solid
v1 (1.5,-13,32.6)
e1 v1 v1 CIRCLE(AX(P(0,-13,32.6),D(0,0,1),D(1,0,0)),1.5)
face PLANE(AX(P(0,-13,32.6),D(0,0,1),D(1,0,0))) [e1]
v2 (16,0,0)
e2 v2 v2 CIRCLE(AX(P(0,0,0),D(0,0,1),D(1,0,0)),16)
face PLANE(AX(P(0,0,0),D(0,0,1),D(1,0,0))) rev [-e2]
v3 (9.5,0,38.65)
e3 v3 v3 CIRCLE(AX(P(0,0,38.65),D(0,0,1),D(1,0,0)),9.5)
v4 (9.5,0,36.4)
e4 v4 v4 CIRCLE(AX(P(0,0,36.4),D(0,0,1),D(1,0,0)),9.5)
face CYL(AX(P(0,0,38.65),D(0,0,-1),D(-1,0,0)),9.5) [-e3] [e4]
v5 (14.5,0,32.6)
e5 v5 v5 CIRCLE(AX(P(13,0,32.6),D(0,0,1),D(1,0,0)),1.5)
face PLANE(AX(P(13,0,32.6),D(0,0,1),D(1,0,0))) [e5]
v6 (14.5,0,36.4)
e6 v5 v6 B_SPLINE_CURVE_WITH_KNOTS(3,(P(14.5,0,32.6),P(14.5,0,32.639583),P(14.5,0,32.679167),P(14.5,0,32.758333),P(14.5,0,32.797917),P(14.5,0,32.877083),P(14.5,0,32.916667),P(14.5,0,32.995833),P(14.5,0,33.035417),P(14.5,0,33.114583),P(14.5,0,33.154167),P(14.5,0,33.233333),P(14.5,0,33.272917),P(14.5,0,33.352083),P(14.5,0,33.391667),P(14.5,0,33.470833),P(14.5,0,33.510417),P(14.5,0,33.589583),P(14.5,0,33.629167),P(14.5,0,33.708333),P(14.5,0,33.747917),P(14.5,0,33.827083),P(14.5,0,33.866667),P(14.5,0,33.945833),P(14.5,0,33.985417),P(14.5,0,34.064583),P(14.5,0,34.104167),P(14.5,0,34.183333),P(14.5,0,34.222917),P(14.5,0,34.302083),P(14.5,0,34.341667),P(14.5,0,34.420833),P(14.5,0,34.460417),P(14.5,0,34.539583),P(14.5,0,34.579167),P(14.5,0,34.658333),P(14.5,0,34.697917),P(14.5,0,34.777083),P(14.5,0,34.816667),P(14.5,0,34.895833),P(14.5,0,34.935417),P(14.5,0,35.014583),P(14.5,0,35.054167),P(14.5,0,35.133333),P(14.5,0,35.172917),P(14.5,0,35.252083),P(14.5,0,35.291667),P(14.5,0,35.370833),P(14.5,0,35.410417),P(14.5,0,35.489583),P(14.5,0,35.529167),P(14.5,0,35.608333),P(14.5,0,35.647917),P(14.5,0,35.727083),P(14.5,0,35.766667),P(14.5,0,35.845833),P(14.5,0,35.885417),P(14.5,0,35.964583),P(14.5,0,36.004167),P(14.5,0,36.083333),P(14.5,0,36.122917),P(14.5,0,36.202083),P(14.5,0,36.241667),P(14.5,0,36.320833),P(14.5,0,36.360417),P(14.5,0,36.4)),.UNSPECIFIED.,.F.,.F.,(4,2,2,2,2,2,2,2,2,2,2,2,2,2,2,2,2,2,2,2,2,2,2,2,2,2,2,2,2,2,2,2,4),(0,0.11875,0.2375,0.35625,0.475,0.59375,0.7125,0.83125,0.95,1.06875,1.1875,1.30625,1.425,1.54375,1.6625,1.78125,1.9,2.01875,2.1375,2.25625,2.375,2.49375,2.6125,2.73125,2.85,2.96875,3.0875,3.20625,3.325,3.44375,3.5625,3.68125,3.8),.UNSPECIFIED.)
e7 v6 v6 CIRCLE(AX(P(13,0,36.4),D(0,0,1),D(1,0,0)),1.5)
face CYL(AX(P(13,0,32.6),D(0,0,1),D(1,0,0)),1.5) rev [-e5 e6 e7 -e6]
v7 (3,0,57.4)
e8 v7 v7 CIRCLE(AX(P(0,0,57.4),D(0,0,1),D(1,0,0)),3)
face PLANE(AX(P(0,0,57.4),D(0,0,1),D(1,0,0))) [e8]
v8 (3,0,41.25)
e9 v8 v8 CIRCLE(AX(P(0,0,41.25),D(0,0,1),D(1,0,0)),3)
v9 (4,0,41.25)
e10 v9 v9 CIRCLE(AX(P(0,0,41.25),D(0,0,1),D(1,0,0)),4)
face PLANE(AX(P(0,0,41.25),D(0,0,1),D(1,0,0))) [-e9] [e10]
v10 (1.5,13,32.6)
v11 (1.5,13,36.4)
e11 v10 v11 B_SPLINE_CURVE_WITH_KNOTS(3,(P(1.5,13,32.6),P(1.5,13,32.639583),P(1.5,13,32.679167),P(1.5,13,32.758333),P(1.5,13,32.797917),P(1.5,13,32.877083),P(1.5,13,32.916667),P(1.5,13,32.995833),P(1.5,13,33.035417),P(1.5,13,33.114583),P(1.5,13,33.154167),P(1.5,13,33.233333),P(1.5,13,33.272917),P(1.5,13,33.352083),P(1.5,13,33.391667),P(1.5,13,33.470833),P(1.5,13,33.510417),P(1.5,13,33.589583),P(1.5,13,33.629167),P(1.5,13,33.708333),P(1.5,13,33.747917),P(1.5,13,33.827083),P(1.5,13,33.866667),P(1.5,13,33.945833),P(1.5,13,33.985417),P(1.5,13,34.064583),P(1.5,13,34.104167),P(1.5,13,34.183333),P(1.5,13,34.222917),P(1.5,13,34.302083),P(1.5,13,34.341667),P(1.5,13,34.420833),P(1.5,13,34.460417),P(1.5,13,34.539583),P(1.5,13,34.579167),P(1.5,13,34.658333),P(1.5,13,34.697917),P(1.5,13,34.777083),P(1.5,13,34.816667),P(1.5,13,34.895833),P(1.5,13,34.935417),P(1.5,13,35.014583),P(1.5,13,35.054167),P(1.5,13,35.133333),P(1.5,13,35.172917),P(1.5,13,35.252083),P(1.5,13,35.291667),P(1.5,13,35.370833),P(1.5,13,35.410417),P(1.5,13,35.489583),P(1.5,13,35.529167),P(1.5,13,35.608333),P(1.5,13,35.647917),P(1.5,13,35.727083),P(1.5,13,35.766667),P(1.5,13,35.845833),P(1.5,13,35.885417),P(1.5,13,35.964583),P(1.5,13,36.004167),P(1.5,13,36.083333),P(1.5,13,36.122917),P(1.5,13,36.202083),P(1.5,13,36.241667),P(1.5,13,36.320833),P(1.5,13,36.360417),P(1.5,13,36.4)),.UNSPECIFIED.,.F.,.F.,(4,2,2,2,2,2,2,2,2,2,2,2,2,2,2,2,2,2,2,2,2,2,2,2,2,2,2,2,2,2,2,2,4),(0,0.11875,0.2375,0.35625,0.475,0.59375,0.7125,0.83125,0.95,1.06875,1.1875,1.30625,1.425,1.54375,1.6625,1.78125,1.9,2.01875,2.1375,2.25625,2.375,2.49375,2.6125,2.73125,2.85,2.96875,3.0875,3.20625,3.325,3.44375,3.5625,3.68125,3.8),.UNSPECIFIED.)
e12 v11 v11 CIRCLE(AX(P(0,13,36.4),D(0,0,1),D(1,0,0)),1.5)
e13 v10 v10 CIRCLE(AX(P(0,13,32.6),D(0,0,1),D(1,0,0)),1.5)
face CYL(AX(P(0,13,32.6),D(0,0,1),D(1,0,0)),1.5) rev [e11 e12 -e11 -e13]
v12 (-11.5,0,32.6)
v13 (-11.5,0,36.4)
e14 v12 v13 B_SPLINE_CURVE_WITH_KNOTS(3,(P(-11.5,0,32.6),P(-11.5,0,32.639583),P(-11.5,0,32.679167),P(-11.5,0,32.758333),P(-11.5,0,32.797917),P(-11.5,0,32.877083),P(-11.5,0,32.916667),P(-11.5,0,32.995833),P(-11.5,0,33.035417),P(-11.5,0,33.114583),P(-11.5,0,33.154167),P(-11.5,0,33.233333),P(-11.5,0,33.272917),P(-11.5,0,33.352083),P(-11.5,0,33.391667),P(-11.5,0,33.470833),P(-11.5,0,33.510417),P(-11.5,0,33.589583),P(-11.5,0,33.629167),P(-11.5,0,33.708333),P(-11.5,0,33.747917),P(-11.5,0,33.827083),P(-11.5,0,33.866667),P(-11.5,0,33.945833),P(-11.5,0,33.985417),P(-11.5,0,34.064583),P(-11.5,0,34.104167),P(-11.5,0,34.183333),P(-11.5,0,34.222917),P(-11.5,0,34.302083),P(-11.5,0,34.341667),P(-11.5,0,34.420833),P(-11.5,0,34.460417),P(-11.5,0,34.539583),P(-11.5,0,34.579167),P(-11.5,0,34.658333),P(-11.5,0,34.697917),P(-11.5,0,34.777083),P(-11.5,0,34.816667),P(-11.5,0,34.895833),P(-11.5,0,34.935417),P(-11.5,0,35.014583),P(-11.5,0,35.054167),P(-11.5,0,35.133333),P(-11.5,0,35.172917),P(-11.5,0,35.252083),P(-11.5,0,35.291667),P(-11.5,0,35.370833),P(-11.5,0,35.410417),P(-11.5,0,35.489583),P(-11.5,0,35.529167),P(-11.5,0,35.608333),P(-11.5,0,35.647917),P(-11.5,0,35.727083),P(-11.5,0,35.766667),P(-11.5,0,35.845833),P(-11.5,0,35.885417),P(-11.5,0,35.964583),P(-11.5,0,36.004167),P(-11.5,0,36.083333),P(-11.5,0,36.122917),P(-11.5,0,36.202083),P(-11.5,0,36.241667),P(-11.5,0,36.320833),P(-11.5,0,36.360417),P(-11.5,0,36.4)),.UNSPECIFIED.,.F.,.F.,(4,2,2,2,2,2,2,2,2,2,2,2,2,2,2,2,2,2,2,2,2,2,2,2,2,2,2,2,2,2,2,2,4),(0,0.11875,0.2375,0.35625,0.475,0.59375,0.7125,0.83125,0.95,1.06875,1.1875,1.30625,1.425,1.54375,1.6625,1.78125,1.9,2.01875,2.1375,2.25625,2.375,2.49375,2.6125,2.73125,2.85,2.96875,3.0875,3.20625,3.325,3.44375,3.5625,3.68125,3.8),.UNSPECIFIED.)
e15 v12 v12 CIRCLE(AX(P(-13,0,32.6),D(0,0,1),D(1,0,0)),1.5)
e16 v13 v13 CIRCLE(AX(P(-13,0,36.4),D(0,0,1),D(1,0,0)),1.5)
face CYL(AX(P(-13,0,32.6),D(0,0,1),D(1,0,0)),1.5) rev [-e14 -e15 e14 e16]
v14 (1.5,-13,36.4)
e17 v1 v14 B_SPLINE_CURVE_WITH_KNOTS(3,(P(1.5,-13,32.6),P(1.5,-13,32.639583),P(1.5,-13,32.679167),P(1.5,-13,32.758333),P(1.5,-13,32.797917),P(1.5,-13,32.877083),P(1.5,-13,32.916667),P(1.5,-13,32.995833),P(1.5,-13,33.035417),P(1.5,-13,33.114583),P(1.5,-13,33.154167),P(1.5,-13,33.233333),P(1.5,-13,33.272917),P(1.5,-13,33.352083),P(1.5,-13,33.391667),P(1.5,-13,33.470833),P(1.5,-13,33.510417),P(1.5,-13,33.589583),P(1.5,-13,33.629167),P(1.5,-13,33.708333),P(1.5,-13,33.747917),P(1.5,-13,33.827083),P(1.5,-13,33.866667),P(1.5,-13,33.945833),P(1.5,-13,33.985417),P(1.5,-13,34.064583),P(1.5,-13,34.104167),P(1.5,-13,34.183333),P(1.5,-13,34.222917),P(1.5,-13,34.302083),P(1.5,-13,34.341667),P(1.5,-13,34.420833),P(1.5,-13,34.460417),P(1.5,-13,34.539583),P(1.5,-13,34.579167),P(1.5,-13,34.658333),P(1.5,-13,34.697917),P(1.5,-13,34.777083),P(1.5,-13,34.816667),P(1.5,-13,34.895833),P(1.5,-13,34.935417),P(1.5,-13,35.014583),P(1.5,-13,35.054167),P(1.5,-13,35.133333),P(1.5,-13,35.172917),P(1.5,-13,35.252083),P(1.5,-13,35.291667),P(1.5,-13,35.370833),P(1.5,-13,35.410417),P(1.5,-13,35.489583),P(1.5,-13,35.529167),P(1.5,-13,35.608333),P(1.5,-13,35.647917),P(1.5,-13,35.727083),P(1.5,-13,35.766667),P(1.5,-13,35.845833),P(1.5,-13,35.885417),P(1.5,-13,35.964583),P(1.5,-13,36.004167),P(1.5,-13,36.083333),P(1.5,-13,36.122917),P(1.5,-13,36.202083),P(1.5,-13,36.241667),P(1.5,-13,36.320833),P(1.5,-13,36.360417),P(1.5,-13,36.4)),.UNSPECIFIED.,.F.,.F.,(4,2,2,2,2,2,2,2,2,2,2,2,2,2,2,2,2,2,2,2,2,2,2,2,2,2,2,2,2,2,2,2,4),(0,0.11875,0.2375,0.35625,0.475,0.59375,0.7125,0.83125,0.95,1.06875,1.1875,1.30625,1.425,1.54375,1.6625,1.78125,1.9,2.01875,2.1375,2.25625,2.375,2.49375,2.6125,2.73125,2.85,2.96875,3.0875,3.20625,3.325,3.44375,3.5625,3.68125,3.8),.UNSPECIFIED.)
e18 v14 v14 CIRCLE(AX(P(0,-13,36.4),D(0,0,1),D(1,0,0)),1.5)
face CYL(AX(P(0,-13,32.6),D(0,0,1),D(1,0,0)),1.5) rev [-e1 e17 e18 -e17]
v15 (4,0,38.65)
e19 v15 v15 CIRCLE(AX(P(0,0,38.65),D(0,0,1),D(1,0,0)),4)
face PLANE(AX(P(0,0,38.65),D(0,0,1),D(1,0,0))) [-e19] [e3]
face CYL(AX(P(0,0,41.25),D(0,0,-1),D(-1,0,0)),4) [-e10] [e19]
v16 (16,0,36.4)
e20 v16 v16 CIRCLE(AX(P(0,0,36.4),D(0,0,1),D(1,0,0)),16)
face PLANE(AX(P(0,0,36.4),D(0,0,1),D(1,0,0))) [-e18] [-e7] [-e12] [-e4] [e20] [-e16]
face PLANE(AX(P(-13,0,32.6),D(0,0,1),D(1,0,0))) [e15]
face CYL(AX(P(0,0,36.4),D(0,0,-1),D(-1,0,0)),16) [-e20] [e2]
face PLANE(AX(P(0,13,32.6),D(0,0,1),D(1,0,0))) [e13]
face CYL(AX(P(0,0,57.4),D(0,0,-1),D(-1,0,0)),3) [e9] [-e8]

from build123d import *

# Parameters (mm, degrees)
ESQUISSE1_R             = 16
BOSS_EXTRU_1_DEPTH      = 36.4
ESQUISSE2_R             = 9.5
BOSS_EXTRU_2_DEPTH      = 2.25
ESQUISSE3_R             = 4
BOSS_EXTRU_3_DEPTH      = 2.6
ESQUISSE4_R             = 3
BOSS_EXTRU_4_DEPTH      = 16.15
ESQUISSE5_R             = 1.5
ENL_V_MAT_EXTRU_1_DEPTH = 3.8


with BuildPart() as part:
    # Esquisse1 → Boss.-Extru.1 (new body)
    with BuildSketch(Plane.XY):
        Circle(ESQUISSE1_R)
    extrude(amount=BOSS_EXTRU_1_DEPTH)

    # Esquisse2 → Boss.-Extru.2 (add)
    with BuildSketch(Plane.XY.offset(36.4)):
        Circle(ESQUISSE2_R)
    extrude(amount=BOSS_EXTRU_2_DEPTH)

    # Esquisse3 → Boss.-Extru.3 (add)
    with BuildSketch(Plane.XY.offset(38.65)):
        Circle(ESQUISSE3_R)
    extrude(amount=BOSS_EXTRU_3_DEPTH)

    # Esquisse4 → Boss.-Extru.4 (add)
    with BuildSketch(Plane.XY.offset(41.25)):
        Circle(ESQUISSE4_R)
    extrude(amount=BOSS_EXTRU_4_DEPTH)

    # Esquisse5 → Enlèv. mat.-Extru.1 (cut)
    with BuildSketch(Plane.XY.offset(36.4)):
        with Locations((0, 13)):
            Circle(ESQUISSE5_R)
        with Locations((13, 0)):
            Circle(ESQUISSE5_R)
        with Locations((0, -13)):
            Circle(ESQUISSE5_R)
        with Locations((-13, 0)):
            Circle(ESQUISSE5_R)
    extrude(amount=-ENL_V_MAT_EXTRU_1_DEPTH, mode=Mode.SUBTRACT)


solid = part.part
